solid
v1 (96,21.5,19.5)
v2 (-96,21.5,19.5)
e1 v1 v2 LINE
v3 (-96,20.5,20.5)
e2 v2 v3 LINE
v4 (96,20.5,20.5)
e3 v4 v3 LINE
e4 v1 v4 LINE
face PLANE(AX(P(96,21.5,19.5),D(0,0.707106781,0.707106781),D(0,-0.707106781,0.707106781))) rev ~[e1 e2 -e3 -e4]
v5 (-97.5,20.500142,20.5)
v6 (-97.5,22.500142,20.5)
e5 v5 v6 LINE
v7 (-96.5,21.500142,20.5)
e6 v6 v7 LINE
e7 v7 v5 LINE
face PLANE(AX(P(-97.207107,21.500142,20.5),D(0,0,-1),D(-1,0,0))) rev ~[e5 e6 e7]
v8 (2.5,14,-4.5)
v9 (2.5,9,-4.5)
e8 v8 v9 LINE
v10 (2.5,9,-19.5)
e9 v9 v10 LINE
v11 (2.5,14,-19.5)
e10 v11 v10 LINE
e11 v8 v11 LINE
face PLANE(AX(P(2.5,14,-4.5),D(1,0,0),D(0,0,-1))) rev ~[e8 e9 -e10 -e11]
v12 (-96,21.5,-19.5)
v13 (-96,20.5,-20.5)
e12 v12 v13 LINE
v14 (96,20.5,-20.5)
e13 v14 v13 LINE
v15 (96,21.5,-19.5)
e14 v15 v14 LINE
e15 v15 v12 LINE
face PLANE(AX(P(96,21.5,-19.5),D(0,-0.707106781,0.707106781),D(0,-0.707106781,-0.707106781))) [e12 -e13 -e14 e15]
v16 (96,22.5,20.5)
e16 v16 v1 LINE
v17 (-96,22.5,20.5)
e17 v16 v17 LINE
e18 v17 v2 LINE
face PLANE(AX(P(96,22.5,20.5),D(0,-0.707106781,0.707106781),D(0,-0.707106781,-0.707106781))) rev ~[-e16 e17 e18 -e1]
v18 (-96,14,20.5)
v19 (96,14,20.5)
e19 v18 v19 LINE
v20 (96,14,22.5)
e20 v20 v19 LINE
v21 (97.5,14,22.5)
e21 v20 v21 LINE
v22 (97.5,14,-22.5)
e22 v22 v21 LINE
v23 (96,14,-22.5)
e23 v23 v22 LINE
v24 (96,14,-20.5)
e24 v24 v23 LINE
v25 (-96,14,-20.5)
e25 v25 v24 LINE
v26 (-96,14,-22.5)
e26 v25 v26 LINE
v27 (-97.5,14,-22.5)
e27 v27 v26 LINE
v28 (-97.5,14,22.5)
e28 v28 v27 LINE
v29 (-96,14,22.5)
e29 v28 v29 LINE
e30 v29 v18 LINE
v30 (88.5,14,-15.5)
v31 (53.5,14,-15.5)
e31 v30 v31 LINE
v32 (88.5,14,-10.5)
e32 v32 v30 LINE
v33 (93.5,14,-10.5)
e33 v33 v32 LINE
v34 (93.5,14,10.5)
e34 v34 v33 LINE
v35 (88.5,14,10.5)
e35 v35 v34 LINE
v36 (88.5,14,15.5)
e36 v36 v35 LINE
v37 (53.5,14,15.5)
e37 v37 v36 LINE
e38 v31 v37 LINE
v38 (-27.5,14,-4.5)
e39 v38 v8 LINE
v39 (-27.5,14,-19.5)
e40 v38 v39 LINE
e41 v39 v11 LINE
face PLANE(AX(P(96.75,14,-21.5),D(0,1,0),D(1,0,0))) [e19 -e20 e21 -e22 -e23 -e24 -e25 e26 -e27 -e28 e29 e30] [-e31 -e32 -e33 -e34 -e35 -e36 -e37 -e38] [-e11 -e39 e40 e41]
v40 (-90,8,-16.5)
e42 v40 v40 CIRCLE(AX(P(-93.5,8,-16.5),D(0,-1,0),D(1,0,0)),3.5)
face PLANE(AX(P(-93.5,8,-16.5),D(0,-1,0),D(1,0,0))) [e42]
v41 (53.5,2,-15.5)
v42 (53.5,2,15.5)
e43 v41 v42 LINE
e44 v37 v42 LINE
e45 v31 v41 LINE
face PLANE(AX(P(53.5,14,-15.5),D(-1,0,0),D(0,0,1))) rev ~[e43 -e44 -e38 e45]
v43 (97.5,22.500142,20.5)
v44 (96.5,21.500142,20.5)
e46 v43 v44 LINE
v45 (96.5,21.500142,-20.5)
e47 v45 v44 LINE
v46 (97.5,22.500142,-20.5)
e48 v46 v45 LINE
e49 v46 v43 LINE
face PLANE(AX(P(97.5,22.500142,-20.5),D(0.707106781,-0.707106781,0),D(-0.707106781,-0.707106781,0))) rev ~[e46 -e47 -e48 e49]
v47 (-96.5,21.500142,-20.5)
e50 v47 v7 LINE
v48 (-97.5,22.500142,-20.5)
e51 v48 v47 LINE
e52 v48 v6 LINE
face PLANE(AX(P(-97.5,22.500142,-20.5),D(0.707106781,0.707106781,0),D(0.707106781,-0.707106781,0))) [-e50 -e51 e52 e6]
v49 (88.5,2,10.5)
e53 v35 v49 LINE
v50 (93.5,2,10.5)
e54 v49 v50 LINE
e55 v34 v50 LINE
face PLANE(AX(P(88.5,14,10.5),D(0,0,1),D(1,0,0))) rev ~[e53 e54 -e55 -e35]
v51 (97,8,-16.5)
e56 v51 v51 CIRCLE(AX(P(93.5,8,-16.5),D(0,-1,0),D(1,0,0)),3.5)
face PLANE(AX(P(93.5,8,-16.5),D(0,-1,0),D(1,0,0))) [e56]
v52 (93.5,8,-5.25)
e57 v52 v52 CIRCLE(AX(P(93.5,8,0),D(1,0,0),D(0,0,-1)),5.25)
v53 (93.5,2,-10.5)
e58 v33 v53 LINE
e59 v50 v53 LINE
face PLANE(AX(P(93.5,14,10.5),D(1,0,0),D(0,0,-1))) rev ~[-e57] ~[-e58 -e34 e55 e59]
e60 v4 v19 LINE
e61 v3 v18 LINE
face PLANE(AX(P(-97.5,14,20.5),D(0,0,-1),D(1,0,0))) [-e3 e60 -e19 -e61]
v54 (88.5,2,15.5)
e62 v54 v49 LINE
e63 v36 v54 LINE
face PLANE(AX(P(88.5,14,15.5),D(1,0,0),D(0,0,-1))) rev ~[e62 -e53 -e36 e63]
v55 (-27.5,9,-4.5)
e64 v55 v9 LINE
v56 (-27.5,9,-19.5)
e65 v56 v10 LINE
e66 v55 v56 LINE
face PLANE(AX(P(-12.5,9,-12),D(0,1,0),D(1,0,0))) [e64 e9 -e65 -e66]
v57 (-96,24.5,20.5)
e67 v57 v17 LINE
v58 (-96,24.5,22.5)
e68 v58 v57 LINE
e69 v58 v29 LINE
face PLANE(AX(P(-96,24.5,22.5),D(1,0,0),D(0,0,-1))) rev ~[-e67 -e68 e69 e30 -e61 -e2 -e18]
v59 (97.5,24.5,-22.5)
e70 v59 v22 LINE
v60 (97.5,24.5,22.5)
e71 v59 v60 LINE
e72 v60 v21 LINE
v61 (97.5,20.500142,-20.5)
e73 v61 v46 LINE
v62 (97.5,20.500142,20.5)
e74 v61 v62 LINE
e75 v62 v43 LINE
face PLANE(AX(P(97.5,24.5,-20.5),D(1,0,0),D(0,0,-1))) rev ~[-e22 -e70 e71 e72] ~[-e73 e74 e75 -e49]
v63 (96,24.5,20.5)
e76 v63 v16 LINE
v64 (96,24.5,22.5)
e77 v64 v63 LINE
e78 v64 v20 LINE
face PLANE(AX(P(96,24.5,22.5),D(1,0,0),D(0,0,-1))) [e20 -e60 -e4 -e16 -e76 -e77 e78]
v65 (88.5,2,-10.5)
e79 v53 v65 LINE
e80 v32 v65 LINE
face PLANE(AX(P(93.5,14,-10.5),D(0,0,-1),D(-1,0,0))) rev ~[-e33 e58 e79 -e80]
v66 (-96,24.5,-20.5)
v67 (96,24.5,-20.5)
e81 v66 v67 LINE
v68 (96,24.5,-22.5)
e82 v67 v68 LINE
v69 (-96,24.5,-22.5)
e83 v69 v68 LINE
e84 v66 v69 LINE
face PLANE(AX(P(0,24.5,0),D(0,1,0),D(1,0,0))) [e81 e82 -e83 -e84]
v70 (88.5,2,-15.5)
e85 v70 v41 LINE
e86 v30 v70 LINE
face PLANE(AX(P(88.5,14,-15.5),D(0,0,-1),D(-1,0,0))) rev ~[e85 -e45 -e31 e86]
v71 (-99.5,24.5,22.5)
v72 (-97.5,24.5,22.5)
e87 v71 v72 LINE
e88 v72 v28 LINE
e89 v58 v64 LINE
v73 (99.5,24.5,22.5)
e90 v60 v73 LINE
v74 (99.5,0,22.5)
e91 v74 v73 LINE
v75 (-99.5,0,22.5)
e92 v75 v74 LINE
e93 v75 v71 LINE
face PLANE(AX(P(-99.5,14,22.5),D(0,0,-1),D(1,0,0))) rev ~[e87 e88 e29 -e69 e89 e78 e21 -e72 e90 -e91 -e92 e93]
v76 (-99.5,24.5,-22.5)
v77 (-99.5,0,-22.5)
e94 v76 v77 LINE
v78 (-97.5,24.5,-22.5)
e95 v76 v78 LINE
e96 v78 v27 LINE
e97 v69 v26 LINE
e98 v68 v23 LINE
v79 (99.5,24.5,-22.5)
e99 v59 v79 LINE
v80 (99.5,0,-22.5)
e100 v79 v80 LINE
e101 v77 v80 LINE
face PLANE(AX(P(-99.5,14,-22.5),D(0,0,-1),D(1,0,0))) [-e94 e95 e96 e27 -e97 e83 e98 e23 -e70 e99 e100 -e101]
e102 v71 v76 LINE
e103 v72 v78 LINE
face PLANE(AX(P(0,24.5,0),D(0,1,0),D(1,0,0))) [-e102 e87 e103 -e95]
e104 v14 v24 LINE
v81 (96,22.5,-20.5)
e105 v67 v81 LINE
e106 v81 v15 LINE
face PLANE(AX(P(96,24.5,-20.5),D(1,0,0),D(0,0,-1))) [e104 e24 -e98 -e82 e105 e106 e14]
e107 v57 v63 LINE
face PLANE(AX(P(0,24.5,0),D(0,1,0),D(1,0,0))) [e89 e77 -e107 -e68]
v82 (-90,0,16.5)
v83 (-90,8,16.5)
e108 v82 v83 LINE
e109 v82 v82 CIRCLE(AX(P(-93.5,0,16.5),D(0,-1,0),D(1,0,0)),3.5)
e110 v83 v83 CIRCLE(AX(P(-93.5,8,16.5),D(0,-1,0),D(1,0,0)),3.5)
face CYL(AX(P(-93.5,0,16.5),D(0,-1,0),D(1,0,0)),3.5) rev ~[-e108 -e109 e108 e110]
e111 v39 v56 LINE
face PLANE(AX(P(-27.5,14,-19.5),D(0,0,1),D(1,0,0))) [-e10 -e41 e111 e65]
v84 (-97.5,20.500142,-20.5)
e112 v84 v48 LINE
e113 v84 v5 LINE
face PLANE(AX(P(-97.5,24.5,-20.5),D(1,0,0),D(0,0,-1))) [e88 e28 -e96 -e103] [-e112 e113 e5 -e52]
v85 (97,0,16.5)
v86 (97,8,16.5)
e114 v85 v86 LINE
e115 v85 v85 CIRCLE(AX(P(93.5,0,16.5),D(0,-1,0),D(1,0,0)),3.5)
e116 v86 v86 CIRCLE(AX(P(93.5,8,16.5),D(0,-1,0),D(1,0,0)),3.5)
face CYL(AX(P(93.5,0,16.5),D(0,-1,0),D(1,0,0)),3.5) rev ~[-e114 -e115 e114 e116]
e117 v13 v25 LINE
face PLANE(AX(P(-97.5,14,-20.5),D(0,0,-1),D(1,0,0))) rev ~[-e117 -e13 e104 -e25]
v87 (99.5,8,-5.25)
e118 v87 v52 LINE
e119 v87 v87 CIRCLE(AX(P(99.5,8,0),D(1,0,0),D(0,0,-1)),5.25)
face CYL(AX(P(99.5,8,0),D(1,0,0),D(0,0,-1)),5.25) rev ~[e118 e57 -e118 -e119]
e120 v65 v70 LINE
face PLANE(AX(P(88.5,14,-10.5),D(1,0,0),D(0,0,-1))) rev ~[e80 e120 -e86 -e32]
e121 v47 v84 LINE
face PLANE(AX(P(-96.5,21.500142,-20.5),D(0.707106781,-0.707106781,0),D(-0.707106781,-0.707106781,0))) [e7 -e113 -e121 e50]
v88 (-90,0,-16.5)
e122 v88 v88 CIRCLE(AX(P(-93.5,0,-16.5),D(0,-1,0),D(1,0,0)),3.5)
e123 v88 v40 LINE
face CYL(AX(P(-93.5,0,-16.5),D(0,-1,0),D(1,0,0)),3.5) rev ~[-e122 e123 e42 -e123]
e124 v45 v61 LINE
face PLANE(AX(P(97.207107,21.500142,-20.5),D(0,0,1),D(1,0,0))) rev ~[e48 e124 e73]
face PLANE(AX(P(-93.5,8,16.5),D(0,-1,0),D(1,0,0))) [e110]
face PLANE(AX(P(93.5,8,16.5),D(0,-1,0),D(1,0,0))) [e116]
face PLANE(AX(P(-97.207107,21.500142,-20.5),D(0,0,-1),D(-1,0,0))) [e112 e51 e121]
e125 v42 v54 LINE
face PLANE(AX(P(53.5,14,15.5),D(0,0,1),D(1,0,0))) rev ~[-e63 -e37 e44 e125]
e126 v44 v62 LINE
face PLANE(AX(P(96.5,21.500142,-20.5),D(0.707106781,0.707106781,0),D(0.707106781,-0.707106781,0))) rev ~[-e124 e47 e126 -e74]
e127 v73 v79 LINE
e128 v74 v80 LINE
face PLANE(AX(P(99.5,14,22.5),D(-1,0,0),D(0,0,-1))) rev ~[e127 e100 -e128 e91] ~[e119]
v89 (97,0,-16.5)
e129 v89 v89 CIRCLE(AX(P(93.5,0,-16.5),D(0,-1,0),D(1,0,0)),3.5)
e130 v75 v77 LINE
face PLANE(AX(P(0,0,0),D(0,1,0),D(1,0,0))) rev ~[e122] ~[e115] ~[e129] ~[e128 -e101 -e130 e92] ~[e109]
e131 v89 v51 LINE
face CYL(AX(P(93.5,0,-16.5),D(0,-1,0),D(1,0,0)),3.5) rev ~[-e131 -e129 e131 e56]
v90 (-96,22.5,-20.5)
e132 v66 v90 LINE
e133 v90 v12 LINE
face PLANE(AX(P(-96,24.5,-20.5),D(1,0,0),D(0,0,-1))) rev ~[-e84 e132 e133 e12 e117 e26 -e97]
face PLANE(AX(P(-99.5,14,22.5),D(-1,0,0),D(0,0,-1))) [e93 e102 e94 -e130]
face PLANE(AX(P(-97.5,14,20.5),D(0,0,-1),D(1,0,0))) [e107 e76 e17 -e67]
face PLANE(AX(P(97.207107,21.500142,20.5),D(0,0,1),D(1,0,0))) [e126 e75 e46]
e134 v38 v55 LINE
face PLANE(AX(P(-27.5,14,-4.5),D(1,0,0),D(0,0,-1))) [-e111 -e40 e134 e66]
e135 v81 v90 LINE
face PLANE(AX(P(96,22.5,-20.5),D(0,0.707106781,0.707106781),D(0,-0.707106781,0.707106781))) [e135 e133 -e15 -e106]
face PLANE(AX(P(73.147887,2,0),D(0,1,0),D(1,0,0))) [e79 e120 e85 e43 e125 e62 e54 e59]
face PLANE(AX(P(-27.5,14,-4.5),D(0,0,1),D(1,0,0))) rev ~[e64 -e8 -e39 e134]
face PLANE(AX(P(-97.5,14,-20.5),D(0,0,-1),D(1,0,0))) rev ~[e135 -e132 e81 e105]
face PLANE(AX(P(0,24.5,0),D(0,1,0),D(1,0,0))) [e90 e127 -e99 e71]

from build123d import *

# Parameters (mm, degrees)
SKETCH1_W           = 199
SKETCH1_H           = 45
BOSS_EXTRUDE1_DEPTH = 14
CUT_EXTRUDE1_DEPTH  = 12
CUT_EXTRUDE2_REACH  = 201
SKETCH3_R           = 5.25
SKETCH4_W           = 30
SKETCH4_H           = 15
CUT_EXTRUDE3_DEPTH  = 5
SKETCH5_W           = 199
SKETCH5_H           = 45
SKETCH5_W_2         = 195
SKETCH5_H_2         = 41
BOSS_EXTRUDE2_DEPTH = 10.5
SKETCH6_W           = 1.5
SKETCH6_H           = 2
CUT_EXTRUDE4_DEPTH  = 10.5
BOSS_EXTRUDE5_DEPTH = 41
BOSS_EXTRUDE6_DEPTH = 192
SKETCH9_R           = 3.5
CUT_EXTRUDE5_DEPTH  = 8


with BuildPart() as part:
    # Sketch1 → Boss-Extrude1 (new body)
    with BuildSketch(Plane(origin=(0, 0, 0), x_dir=(1, 0, 0), z_dir=(0, 1, 0))):
        Rectangle(SKETCH1_W, SKETCH1_H)
    extrude(amount=BOSS_EXTRUDE1_DEPTH)

    # Sketch2 → Cut-Extrude1 (cut)
    with BuildSketch(Plane(origin=(0, 14, 0), x_dir=(1, 0, 0), z_dir=(0, 1, 0))):
        Polygon((88.5, 10.5), (88.5, 15.5), (53.5, 15.5), (53.5, -15.5), (88.5, -15.5), (88.5, -10.5), (93.5, -10.5), (93.5, 10.5), align=None)
    extrude(amount=-CUT_EXTRUDE1_DEPTH, mode=Mode.SUBTRACT)

    # Sketch3 → Cut-Extrude2 (cut, up to next)
    with BuildSketch(Plane(origin=(99.5, 0, 0), x_dir=(0, 0, -1), z_dir=(1, 0, 0)), mode=Mode.PRIVATE) as cut_extrude2_sk1:
        with Locations((0, 8)):
            Circle(SKETCH3_R)
    cut_extrude2_tool1 = extrude(cut_extrude2_sk1.sketch, amount=-CUT_EXTRUDE2_REACH, mode=Mode.PRIVATE) & part.part
    add(cut_extrude2_tool1.solids().sort_by_distance((99.5, 8, 0))[0], mode=Mode.SUBTRACT)

    # Sketch4 → Cut-Extrude3 (cut)
    with BuildSketch(Plane(origin=(0, 14, 0), x_dir=(1, 0, 0), z_dir=(0, 1, 0))):
        with Locations((-12.5, 12)):
            Rectangle(SKETCH4_W, SKETCH4_H)
    extrude(amount=-CUT_EXTRUDE3_DEPTH, mode=Mode.SUBTRACT)

    # Sketch5 → Boss-Extrude2 (add)
    with BuildSketch(Plane(origin=(0, 14, 0), x_dir=(1, 0, 0), z_dir=(0, 1, 0))):
        Rectangle(SKETCH5_W, SKETCH5_H)
        Rectangle(SKETCH5_W_2, SKETCH5_H_2, mode=Mode.SUBTRACT)
    extrude(amount=BOSS_EXTRUDE2_DEPTH)

    # Sketch6 → Cut-Extrude4 (cut)
    with BuildSketch(Plane(origin=(0, 24.5, 0), x_dir=(1, 0, 0), z_dir=(0, 1, 0))):
        with Locations((-96.75, 21.5)):
            Rectangle(SKETCH6_W, SKETCH6_H)
        with Locations((96.75, 21.5)):
            Rectangle(SKETCH6_W, SKETCH6_H)
        with Locations((96.75, -21.5)):
            Rectangle(SKETCH6_W, SKETCH6_H)
        with Locations((-96.75, -21.5)):
            Rectangle(SKETCH6_W, SKETCH6_H)
    extrude(amount=-CUT_EXTRUDE4_DEPTH, mode=Mode.SUBTRACT)

    # Sketch7 → Boss-Extrude5 (add)
    with BuildSketch(Plane.XY.offset(-20.5)):
        Polygon((-97.5, 22.500142463), (-96.5, 21.500142463), (-97.5, 20.500142463), align=None)
        Polygon((97.5, 20.500142463), (97.5, 22.500142463), (96.5, 21.500142463), align=None)
    extrude(amount=BOSS_EXTRUDE5_DEPTH)

    # Sketch8 → Boss-Extrude6 (add)
    with BuildSketch(Plane(origin=(96, 0, 0), x_dir=(0, 0, -1), z_dir=(1, 0, 0))):
        Polygon((-20.5, 22.5), (-19.5, 21.5), (-20.5, 20.5), align=None)
        Polygon((20.5, 20.5), (20.5, 22.5), (19.5, 21.5), align=None)
    extrude(amount=-BOSS_EXTRUDE6_DEPTH)

    # Sketch9 → Cut-Extrude5 (cut)
    with BuildSketch(Plane.XZ):
        with Locations((-93.5, 16.5)):
            Circle(SKETCH9_R)
        with Locations((-93.5, -16.5)):
            Circle(SKETCH9_R)
        with Locations((93.5, -16.5)):
            Circle(SKETCH9_R)
        with Locations((93.5, 16.5)):
            Circle(SKETCH9_R)
    extrude(amount=-CUT_EXTRUDE5_DEPTH, mode=Mode.SUBTRACT)


solid = part.part
